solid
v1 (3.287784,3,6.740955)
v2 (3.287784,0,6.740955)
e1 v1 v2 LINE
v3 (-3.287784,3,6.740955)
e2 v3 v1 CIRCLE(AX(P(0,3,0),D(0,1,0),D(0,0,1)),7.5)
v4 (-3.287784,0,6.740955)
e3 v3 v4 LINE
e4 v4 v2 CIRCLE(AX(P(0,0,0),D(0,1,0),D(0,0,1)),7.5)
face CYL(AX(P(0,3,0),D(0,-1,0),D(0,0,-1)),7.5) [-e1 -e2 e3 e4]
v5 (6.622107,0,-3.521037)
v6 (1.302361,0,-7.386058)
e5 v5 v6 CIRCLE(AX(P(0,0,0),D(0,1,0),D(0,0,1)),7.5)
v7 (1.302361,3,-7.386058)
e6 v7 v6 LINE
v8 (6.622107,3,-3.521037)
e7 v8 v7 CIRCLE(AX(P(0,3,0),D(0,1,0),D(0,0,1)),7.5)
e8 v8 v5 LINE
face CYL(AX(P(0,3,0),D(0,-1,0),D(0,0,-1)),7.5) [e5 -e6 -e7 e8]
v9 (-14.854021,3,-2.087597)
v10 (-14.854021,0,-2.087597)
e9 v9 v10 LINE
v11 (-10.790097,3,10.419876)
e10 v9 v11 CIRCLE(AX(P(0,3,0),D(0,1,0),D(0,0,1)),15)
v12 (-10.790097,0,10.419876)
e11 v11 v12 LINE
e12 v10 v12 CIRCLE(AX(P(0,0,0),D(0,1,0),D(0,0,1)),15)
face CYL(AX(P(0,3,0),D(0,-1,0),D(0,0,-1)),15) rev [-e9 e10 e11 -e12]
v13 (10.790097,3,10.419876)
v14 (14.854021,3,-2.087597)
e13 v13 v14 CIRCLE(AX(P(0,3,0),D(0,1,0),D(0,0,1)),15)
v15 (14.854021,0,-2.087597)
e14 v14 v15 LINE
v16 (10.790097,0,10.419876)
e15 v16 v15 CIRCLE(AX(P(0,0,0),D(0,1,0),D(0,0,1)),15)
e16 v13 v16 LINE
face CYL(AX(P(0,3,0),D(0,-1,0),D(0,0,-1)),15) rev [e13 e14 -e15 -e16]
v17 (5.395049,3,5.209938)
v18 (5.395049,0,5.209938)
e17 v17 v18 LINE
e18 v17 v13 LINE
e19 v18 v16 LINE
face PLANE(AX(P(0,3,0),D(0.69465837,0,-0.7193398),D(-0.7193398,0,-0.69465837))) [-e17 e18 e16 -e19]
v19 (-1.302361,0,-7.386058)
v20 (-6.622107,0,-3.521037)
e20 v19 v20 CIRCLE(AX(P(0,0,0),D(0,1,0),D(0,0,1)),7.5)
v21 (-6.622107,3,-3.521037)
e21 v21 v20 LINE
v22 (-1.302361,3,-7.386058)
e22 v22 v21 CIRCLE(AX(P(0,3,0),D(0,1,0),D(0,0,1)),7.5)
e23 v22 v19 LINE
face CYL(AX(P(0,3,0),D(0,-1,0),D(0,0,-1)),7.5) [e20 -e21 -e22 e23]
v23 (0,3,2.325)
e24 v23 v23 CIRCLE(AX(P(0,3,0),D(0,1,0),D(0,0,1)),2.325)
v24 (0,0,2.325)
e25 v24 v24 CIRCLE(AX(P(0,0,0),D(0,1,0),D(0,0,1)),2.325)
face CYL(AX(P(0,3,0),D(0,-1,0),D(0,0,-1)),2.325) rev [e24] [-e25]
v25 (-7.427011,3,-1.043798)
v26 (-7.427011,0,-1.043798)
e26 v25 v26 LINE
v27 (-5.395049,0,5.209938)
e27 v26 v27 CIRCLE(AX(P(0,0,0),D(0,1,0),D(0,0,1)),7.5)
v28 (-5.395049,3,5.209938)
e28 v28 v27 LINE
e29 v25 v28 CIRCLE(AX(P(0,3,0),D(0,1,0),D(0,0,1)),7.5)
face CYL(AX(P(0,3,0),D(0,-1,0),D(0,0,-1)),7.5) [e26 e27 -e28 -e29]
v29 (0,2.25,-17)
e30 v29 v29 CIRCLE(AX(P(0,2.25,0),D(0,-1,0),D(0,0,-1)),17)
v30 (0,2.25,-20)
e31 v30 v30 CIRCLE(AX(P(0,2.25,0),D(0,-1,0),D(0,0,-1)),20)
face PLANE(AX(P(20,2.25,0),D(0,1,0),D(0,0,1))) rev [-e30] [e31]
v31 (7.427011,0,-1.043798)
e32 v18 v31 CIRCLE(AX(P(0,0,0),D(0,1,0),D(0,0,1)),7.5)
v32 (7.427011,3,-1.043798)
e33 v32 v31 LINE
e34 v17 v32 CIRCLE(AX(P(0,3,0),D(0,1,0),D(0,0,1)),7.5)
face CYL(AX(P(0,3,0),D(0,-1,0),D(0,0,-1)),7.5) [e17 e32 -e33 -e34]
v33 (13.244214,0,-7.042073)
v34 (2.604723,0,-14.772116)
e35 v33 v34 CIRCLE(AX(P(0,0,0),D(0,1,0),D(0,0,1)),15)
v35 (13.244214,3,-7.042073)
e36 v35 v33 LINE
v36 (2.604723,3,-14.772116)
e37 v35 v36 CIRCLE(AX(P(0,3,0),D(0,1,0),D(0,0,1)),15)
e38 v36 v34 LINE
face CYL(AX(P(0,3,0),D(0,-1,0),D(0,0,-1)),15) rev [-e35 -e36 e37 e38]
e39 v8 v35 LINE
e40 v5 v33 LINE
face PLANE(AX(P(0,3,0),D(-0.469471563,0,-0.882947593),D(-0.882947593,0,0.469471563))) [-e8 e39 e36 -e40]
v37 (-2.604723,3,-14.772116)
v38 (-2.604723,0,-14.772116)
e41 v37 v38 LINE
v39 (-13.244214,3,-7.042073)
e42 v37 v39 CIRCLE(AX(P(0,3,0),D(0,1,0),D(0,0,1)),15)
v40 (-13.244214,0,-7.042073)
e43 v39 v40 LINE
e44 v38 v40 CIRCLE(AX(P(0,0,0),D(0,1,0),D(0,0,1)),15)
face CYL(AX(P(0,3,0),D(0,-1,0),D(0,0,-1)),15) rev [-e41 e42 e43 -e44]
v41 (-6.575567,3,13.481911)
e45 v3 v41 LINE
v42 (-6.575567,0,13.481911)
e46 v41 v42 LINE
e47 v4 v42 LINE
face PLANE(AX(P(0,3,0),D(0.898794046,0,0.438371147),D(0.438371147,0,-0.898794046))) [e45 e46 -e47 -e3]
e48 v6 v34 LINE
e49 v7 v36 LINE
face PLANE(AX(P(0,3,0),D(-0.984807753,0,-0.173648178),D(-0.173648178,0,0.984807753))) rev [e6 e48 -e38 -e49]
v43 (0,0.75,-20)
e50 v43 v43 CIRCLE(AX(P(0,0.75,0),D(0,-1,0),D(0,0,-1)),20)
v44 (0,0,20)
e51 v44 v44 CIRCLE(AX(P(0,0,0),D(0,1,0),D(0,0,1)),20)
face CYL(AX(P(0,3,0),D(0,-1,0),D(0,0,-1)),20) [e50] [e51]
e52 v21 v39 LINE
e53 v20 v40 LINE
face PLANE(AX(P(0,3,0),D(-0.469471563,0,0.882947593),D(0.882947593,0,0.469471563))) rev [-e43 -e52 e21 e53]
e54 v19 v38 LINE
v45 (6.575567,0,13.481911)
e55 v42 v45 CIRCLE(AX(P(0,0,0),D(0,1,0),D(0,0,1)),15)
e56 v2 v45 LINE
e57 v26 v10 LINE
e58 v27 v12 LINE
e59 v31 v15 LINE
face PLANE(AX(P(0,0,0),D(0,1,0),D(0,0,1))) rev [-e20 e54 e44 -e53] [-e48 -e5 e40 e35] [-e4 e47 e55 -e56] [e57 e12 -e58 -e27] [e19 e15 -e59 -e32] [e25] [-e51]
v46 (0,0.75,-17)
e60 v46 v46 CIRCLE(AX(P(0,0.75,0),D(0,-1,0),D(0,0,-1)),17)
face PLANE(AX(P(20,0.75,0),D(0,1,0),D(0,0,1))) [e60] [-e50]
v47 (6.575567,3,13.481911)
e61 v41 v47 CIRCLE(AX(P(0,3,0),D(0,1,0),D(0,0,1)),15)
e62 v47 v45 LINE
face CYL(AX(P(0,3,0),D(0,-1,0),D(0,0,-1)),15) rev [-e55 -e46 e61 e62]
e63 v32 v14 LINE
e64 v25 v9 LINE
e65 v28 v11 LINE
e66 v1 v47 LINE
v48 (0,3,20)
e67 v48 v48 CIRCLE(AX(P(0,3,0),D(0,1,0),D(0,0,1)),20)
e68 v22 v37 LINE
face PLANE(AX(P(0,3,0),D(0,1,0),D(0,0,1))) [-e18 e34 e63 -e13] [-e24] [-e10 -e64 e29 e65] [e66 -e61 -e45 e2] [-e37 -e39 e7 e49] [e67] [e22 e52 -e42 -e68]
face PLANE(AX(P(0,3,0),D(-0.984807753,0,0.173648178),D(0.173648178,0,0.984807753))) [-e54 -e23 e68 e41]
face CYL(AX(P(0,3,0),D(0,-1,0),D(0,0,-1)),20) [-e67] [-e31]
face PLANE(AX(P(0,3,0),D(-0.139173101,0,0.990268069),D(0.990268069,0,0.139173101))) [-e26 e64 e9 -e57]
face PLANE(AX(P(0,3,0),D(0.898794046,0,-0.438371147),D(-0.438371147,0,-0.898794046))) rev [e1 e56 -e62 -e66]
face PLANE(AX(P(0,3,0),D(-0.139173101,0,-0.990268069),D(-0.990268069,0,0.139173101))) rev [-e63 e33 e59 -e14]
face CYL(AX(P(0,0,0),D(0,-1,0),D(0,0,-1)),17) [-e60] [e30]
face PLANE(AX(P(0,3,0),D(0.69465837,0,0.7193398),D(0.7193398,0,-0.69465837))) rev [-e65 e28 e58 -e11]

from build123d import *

# Parameters (mm, degrees)
SKETCH2_R           = 20
SKETCH2_R_2         = 2.325
BOSS_EXTRUDE1_DEPTH = 3
SKETCH3_W           = 3
SKETCH3_H           = 1.5


with BuildPart() as part:
    # Sketch2 → Boss-Extrude1 (new body)
    with BuildSketch(Plane(origin=(0, 0, 0), x_dir=(1, 0, 0), z_dir=(0, 1, 0))):
        with Locations(Location((0, 0, 0), (0, 0, 270))):
            Circle(SKETCH2_R)
        with Locations(Location((0, 0, 0), (0, 0, 270))):
            Circle(SKETCH2_R_2, mode=Mode.SUBTRACT)
        with BuildLine():
            Line((-1.302361333, 7.386058148), (-2.604722665, 14.772116295))
            ThreePointArc((-2.604722665, 14.772116295), (-8.816778784, 12.135254916), (-13.244213893, 7.042073442))
            Line((-13.244213893, 7.042073442), (-6.622106946, 3.521036721))
            ThreePointArc((-6.622106946, 3.521036721), (-4.408389392, 6.067627458), (-1.302361333, 7.386058148))
        make_face(mode=Mode.SUBTRACT)
        with BuildLine():
            Line((1.302361333, 7.386058148), (2.604722665, 14.772116295))
            ThreePointArc((2.604722665, 14.772116295), (8.816778784, 12.135254916), (13.244213893, 7.042073442))
            Line((13.244213893, 7.042073442), (6.622106946, 3.521036721))
            ThreePointArc((6.622106946, 3.521036721), (4.408389392, 6.067627458), (1.302361333, 7.386058148))
        make_face(mode=Mode.SUBTRACT)
        with BuildLine():
            Line((7.427010516, 1.043798257), (14.854021031, 2.087596514))
            ThreePointArc((14.854021031, 2.087596514), (14.265847744, -4.635254916), (10.790097005, -10.419875557))
            Line((10.790097005, -10.419875557), (5.395048503, -5.209937778))
            ThreePointArc((5.395048503, -5.209937778), (7.132923872, -2.317627458), (7.427010516, 1.043798257))
        make_face(mode=Mode.SUBTRACT)
        with BuildLine():
            Line((3.287783601, -6.740955347), (6.575567202, -13.481910694))
            ThreePointArc((6.575567202, -13.481910694), (0, -15), (-6.575567202, -13.481910694))
            Line((-6.575567202, -13.481910694), (-3.287783601, -6.740955347))
            ThreePointArc((-3.287783601, -6.740955347), (0, -7.5), (3.287783601, -6.740955347))
        make_face(mode=Mode.SUBTRACT)
        with BuildLine():
            Line((-5.395048503, -5.209937778), (-10.790097005, -10.419875557))
            ThreePointArc((-10.790097005, -10.419875557), (-14.265847744, -4.635254916), (-14.854021031, 2.087596514))
            Line((-14.854021031, 2.087596514), (-7.427010516, 1.043798257))
            ThreePointArc((-7.427010516, 1.043798257), (-7.132923872, -2.317627458), (-5.395048503, -5.209937778))
        make_face(mode=Mode.SUBTRACT)
    extrude(amount=BOSS_EXTRUDE1_DEPTH)

    # Sketch3 → Cut-Revolve1 (revolve, cut)
    with BuildSketch(Plane.XY, mode=Mode.PRIVATE) as cut_revolve1_sk:
        with Locations((18.5, 1.5)):
            Rectangle(SKETCH3_W, SKETCH3_H)
    revolve(cut_revolve1_sk.sketch.rotate(Axis((0, 0, 0), (0, 1, 0)), 90), axis=Axis((0, 0, 0), (0, 1, 0)), mode=Mode.SUBTRACT)


solid = part.part
